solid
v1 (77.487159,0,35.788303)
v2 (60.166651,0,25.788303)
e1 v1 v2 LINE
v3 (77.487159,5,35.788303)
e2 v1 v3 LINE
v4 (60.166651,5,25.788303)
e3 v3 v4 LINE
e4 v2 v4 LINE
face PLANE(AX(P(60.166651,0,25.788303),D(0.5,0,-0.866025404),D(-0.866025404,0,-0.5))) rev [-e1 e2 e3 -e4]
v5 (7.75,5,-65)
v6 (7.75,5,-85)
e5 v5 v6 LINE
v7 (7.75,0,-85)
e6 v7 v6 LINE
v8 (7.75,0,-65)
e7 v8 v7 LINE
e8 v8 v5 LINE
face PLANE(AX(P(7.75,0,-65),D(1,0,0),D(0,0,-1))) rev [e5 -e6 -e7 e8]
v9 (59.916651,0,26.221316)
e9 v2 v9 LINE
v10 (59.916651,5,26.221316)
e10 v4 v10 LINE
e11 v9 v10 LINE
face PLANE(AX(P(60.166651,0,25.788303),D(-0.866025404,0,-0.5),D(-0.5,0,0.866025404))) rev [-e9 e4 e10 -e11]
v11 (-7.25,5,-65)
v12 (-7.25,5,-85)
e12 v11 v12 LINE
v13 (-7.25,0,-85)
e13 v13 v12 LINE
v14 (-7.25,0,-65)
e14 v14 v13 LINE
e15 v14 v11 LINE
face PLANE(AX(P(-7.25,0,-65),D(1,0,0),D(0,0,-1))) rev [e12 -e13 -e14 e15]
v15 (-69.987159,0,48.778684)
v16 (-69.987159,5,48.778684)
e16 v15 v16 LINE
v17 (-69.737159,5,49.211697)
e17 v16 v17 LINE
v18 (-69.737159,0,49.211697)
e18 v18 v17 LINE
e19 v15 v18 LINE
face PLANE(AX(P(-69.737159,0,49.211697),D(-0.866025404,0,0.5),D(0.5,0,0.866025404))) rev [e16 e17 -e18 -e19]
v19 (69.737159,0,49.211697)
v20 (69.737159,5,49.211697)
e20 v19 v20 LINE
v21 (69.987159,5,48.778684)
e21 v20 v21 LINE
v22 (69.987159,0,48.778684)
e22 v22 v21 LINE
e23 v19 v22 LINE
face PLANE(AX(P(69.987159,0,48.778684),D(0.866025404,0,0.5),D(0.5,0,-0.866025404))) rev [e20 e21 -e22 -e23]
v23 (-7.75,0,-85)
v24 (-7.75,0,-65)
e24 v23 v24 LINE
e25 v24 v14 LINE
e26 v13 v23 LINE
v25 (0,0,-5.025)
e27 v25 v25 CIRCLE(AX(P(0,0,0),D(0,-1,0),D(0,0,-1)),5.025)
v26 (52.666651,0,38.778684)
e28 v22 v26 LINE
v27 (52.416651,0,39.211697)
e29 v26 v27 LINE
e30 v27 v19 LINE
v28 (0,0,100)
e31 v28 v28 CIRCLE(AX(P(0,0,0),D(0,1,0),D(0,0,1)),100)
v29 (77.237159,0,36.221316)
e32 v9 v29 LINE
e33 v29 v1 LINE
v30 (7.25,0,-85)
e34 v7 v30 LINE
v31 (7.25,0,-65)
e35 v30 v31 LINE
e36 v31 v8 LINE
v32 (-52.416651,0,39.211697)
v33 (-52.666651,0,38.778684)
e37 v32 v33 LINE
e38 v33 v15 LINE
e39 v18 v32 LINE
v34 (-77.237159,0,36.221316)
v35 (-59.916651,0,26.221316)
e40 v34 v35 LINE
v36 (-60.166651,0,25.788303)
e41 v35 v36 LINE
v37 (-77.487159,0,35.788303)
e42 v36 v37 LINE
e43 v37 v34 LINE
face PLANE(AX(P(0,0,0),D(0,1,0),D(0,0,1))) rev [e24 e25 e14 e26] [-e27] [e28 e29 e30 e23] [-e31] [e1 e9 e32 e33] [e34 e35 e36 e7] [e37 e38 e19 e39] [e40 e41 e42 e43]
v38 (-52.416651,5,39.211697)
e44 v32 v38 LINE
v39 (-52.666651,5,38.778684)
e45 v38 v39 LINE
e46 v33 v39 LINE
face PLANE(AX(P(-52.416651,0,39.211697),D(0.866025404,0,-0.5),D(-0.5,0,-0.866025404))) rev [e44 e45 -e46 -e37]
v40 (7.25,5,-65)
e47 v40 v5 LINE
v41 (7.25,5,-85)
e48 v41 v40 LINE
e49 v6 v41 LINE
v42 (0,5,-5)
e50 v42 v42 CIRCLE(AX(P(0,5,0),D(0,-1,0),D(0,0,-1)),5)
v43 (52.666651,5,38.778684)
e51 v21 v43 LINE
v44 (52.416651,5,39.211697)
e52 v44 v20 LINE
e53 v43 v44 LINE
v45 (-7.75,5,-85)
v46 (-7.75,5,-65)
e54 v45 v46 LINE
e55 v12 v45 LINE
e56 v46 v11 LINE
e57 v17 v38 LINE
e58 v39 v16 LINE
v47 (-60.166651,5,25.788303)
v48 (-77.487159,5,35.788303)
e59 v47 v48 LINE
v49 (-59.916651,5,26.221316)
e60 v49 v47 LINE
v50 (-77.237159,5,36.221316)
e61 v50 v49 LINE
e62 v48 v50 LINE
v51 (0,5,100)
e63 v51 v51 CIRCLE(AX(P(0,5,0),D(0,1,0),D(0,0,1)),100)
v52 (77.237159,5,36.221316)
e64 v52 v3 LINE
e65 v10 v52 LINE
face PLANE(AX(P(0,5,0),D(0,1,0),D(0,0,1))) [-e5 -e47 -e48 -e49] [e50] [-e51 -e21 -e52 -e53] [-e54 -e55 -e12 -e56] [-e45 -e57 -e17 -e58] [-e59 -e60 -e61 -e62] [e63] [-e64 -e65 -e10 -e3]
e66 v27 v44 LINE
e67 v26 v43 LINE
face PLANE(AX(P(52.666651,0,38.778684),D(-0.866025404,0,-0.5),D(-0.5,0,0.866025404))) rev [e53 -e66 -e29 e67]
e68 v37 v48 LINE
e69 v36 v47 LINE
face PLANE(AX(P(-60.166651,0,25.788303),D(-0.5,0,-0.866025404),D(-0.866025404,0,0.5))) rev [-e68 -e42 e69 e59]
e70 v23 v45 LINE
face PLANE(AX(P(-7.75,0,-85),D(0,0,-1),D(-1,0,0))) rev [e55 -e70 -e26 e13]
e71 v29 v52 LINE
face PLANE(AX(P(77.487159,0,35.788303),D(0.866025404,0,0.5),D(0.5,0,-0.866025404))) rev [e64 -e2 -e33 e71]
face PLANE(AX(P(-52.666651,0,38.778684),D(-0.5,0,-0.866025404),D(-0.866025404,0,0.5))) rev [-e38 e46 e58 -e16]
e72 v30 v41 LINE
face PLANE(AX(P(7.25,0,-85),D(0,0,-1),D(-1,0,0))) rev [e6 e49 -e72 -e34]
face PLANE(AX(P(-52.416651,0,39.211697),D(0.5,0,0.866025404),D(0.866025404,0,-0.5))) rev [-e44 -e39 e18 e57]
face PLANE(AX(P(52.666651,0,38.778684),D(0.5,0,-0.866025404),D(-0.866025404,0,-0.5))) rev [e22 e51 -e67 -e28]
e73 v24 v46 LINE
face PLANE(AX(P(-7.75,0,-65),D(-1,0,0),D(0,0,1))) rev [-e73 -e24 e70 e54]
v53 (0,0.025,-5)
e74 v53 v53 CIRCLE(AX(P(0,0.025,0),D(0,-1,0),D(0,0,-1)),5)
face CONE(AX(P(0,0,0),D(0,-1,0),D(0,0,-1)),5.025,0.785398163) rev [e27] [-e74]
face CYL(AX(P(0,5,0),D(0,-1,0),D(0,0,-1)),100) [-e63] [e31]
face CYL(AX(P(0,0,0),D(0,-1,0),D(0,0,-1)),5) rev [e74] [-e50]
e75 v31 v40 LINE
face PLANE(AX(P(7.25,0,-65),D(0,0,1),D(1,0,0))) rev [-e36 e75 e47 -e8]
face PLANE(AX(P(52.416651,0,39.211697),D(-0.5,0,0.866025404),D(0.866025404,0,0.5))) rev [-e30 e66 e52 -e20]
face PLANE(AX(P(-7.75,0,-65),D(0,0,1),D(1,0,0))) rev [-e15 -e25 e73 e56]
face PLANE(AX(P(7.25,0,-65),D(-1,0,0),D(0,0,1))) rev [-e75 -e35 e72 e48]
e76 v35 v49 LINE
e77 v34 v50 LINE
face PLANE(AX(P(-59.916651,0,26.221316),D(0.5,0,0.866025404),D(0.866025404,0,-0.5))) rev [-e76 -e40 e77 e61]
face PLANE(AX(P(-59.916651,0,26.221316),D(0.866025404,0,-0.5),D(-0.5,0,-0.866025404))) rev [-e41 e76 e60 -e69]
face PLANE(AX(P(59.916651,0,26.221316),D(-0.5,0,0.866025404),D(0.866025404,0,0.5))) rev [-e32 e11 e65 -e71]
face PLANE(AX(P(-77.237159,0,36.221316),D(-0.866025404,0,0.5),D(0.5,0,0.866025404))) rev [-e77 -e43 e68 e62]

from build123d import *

# Parameters (mm, degrees)
SKETCH2_R           = 100
BOSS_EXTRUDE1_DEPTH = 5
SKETCH3_W           = 0.5
SKETCH3_H           = 20
CUT_EXTRUDE1_DEPTH  = 142.509716981


with BuildPart() as part:
    # Sketch2 → Boss-Extrude1 (new body)
    with BuildSketch(Plane(origin=(0, 0, 0), x_dir=(1, 0, 0), z_dir=(0, 1, 0))):
        with Locations(Location((0, 0, 0), (0, 0, 270))):
            Circle(SKETCH2_R)
    extrude(amount=BOSS_EXTRUDE1_DEPTH)

    # Sketch3 → Cut-Extrude1 (cut, through all)
    with BuildSketch(Plane(origin=(0, 5, 0), x_dir=(1, 0, 0), z_dir=(0, 1, 0))):
        with Locations((-7.5, 75)):
            Rectangle(SKETCH3_W, SKETCH3_H)
        with Locations((7.5, 75)):
            Rectangle(SKETCH3_W, SKETCH3_H)
        Polygon((60.166651246, -25.788303121), (77.487159322, -35.788303121), (77.237159322, -36.221315823), (59.916651246, -26.221315823), align=None)
        Polygon((52.666651246, -38.778684177), (69.987159322, -48.778684177), (69.737159322, -49.211696879), (52.416651246, -39.211696879), align=None)
        Polygon((-52.416651246, -39.211696879), (-69.737159322, -49.211696879), (-69.987159322, -48.778684177), (-52.666651246, -38.778684177), align=None)
        Polygon((-59.916651246, -26.221315823), (-77.237159322, -36.221315823), (-77.487159322, -35.788303121), (-60.166651246, -25.788303121), align=None)
    extrude(amount=-CUT_EXTRUDE1_DEPTH, mode=Mode.SUBTRACT)

    # Sketch7 → Ø10.0mm Dowel Hole1 (revolve, cut)
    with BuildSketch(Plane(origin=(0, 0, 0), x_dir=(0, 0, -1), z_dir=(1, 0, 0))):
        Polygon((0, 0), (0, 5), (5, 5), (5, 0.025), (5.025, 0), align=None)
    revolve(axis=Axis((0, -6.35, 0), (0, 1, 0)), mode=Mode.SUBTRACT)


solid = part.part
